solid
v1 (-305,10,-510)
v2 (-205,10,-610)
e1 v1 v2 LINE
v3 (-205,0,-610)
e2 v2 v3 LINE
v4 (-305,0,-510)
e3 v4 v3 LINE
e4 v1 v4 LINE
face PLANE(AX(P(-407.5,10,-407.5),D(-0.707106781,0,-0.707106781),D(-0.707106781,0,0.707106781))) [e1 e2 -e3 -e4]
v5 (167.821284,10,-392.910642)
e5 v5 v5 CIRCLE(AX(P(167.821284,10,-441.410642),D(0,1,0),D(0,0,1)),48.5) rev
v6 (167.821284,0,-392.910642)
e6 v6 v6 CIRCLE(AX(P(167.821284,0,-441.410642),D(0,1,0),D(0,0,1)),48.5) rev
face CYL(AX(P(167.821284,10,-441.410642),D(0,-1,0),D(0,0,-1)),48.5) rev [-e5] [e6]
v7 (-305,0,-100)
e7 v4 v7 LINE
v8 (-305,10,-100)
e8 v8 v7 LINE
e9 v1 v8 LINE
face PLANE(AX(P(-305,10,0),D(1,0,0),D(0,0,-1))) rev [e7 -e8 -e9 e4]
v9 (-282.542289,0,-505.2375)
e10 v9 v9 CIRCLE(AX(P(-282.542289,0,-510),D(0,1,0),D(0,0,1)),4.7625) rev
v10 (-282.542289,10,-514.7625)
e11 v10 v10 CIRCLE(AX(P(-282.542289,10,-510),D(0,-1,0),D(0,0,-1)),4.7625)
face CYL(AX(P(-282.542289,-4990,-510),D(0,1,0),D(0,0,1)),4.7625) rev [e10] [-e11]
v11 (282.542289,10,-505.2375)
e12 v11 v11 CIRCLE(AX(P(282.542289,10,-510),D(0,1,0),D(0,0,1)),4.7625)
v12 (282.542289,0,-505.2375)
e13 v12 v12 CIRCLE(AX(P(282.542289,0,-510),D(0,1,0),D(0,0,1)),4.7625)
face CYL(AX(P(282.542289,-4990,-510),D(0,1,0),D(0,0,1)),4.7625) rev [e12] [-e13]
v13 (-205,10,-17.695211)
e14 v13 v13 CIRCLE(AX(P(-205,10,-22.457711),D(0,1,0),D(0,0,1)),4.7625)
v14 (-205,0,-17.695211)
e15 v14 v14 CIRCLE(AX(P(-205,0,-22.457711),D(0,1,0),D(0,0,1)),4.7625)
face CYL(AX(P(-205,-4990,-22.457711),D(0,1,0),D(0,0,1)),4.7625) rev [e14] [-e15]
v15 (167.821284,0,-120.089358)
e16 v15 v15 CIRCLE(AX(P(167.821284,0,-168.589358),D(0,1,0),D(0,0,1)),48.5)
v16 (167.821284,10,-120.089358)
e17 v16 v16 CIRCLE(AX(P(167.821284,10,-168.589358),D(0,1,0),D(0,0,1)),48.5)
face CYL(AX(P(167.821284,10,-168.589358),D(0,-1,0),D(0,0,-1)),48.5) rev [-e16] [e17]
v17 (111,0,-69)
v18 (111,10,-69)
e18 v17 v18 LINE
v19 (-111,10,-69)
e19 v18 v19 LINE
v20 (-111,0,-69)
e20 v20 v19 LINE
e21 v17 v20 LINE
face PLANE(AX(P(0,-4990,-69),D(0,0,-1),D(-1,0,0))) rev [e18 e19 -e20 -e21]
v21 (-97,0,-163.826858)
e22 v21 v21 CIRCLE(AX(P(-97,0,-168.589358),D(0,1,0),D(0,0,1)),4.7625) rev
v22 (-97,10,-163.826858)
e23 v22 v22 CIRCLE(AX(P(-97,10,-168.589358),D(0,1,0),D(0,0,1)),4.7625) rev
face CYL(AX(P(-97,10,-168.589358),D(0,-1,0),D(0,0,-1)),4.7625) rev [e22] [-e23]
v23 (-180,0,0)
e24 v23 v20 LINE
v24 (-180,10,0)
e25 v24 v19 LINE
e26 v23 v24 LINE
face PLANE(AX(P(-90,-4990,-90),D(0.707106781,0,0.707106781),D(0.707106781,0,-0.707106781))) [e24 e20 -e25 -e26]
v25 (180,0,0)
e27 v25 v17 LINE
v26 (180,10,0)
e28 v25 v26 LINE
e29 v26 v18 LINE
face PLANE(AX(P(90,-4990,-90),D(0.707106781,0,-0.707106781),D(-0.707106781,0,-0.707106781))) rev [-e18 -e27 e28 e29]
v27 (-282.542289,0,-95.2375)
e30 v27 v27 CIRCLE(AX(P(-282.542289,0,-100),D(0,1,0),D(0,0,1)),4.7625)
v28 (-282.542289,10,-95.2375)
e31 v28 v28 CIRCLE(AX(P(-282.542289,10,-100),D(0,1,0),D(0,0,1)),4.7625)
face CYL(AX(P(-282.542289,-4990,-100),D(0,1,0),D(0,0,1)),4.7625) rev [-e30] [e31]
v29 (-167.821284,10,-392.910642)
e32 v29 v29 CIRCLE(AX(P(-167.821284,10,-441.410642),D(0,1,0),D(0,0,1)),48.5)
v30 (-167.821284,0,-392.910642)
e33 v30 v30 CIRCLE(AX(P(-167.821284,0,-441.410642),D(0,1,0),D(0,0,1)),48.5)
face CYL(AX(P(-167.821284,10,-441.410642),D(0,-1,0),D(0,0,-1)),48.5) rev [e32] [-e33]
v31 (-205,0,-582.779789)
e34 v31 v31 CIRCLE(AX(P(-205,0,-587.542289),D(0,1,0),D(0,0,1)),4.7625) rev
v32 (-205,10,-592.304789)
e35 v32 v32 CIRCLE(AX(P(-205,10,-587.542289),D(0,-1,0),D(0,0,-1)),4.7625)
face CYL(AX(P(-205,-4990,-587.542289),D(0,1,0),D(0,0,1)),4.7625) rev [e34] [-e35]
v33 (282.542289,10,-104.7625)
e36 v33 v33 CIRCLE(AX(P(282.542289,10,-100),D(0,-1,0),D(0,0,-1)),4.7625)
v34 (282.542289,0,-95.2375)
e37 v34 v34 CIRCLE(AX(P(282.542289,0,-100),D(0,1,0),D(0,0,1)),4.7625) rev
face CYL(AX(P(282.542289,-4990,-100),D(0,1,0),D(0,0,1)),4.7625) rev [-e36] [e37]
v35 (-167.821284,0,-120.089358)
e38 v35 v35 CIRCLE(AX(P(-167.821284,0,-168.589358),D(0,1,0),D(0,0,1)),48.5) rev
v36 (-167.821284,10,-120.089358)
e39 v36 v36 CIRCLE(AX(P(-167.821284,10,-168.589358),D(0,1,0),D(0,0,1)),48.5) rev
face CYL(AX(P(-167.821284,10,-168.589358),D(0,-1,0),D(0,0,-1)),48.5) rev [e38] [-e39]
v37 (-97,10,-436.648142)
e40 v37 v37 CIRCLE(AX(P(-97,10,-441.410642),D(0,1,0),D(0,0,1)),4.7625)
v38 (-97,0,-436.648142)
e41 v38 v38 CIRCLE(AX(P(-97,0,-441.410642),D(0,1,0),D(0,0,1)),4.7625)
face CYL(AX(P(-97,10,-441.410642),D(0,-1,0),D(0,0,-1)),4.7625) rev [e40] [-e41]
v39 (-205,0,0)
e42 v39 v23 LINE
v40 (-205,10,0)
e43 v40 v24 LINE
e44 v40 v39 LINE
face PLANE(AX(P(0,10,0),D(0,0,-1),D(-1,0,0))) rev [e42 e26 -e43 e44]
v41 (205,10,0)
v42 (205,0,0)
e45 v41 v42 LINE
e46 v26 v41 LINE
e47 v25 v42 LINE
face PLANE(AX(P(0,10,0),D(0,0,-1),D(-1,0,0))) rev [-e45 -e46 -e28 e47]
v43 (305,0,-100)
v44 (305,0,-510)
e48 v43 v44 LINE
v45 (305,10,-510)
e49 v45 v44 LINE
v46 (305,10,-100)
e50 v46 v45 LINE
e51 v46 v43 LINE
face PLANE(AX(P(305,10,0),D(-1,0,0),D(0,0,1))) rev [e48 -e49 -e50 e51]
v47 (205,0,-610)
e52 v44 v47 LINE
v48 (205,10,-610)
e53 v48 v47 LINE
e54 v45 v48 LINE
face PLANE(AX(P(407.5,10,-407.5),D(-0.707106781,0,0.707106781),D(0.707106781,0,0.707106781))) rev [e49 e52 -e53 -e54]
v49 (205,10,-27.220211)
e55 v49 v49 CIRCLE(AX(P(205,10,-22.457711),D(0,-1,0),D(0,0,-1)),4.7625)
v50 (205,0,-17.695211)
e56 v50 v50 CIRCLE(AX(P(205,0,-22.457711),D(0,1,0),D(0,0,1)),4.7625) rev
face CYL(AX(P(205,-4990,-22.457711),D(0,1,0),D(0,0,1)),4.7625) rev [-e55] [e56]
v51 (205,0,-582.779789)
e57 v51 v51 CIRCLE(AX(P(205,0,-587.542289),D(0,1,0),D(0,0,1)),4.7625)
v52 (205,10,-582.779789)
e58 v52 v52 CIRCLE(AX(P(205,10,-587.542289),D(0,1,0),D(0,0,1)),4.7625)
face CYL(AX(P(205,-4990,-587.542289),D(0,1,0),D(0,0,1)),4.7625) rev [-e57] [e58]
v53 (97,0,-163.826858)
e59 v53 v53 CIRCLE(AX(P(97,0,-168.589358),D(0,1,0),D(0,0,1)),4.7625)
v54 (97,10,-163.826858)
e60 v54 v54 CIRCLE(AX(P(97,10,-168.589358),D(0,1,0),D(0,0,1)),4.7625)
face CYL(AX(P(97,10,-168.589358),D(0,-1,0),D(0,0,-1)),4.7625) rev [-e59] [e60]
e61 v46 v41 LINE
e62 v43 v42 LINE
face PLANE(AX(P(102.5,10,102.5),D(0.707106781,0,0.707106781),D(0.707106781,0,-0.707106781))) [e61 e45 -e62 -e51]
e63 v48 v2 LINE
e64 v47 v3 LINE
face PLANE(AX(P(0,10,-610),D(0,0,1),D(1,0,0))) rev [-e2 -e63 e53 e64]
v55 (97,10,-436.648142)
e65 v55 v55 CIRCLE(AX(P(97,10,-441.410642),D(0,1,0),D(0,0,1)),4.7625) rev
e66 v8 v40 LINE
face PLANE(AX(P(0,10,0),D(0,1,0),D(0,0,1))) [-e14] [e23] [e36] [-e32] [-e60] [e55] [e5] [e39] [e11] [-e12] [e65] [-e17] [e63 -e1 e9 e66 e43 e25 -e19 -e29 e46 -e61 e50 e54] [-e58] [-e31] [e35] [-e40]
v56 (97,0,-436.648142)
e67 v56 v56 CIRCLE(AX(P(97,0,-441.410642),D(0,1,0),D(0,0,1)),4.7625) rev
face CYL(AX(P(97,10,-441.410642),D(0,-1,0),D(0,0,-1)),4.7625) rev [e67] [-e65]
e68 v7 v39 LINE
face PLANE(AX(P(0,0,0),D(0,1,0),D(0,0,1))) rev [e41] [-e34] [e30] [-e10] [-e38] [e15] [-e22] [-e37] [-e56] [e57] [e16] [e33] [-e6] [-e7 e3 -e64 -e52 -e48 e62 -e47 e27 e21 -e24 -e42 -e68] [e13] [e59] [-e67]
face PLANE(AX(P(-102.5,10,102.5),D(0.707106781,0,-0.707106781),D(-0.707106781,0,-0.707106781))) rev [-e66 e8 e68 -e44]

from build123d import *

# Parameters (mm, degrees)
SKETCH1_R           = 48.5
SKETCH1_R_2         = 4.7625
BOSS_EXTRUDE1_DEPTH = 10
CUT_EXTRUDE1_DEPTH  = 5000
SKETCH3_R           = 4.7625
CUT_EXTRUDE2_DEPTH  = 5000


with BuildPart() as part:
    # Sketch1 → Boss-Extrude1 (new body)
    with BuildSketch(Plane(origin=(0, 0, 0), x_dir=(1, 0, 0), z_dir=(0, 1, 0))):
        Polygon((205, 610), (-205, 610), (-305, 510), (-305, 100), (-205, 0), (205, 0), (305, 100), (305, 510), align=None)
        with Locations((-167.82128445, 168.589357775)):
            Circle(SKETCH1_R, mode=Mode.SUBTRACT)
        with Locations((-97, 168.589357775)):
            Circle(SKETCH1_R_2, mode=Mode.SUBTRACT)
        with Locations((97, 168.589357775)):
            Circle(SKETCH1_R_2, mode=Mode.SUBTRACT)
        with Locations((167.82128445, 168.589357775)):
            Circle(SKETCH1_R, mode=Mode.SUBTRACT)
        with Locations((-167.82128445, 441.410642225)):
            Circle(SKETCH1_R, mode=Mode.SUBTRACT)
        with Locations((-97, 441.410642225)):
            Circle(SKETCH1_R_2, mode=Mode.SUBTRACT)
        with Locations((97, 441.410642225)):
            Circle(SKETCH1_R_2, mode=Mode.SUBTRACT)
        with Locations((167.82128445, 441.410642225)):
            Circle(SKETCH1_R, mode=Mode.SUBTRACT)
    extrude(amount=BOSS_EXTRUDE1_DEPTH)

    # Sketch2 → Cut-Extrude1 (cut)
    with BuildSketch(Plane(origin=(0, 10, 0), x_dir=(1, 0, 0), z_dir=(0, 1, 0))):
        Polygon((-111, 69), (-180, 0), (180, 0), (111, 69), align=None)
    extrude(amount=-CUT_EXTRUDE1_DEPTH, mode=Mode.SUBTRACT)

    # Sketch3 → Cut-Extrude2 (cut)
    with BuildSketch(Plane(origin=(0, 10, 0), x_dir=(1, 0, 0), z_dir=(0, 1, 0))):
        with Locations((-205, 22.45771137)):
            Circle(SKETCH3_R)
        with Locations((205, 22.45771137)):
            Circle(SKETCH3_R)
        with Locations((-282.54228863, 100)):
            Circle(SKETCH3_R)
        with Locations((282.54228863, 100)):
            Circle(SKETCH3_R)
        with Locations((282.54228863, 510)):
            Circle(SKETCH3_R)
        with Locations((205, 587.54228863)):
            Circle(SKETCH3_R)
        with Locations((-205, 587.54228863)):
            Circle(SKETCH3_R)
        with Locations((-282.54228863, 510)):
            Circle(SKETCH3_R)
    extrude(amount=-CUT_EXTRUDE2_DEPTH, mode=Mode.SUBTRACT)


solid = part.part
